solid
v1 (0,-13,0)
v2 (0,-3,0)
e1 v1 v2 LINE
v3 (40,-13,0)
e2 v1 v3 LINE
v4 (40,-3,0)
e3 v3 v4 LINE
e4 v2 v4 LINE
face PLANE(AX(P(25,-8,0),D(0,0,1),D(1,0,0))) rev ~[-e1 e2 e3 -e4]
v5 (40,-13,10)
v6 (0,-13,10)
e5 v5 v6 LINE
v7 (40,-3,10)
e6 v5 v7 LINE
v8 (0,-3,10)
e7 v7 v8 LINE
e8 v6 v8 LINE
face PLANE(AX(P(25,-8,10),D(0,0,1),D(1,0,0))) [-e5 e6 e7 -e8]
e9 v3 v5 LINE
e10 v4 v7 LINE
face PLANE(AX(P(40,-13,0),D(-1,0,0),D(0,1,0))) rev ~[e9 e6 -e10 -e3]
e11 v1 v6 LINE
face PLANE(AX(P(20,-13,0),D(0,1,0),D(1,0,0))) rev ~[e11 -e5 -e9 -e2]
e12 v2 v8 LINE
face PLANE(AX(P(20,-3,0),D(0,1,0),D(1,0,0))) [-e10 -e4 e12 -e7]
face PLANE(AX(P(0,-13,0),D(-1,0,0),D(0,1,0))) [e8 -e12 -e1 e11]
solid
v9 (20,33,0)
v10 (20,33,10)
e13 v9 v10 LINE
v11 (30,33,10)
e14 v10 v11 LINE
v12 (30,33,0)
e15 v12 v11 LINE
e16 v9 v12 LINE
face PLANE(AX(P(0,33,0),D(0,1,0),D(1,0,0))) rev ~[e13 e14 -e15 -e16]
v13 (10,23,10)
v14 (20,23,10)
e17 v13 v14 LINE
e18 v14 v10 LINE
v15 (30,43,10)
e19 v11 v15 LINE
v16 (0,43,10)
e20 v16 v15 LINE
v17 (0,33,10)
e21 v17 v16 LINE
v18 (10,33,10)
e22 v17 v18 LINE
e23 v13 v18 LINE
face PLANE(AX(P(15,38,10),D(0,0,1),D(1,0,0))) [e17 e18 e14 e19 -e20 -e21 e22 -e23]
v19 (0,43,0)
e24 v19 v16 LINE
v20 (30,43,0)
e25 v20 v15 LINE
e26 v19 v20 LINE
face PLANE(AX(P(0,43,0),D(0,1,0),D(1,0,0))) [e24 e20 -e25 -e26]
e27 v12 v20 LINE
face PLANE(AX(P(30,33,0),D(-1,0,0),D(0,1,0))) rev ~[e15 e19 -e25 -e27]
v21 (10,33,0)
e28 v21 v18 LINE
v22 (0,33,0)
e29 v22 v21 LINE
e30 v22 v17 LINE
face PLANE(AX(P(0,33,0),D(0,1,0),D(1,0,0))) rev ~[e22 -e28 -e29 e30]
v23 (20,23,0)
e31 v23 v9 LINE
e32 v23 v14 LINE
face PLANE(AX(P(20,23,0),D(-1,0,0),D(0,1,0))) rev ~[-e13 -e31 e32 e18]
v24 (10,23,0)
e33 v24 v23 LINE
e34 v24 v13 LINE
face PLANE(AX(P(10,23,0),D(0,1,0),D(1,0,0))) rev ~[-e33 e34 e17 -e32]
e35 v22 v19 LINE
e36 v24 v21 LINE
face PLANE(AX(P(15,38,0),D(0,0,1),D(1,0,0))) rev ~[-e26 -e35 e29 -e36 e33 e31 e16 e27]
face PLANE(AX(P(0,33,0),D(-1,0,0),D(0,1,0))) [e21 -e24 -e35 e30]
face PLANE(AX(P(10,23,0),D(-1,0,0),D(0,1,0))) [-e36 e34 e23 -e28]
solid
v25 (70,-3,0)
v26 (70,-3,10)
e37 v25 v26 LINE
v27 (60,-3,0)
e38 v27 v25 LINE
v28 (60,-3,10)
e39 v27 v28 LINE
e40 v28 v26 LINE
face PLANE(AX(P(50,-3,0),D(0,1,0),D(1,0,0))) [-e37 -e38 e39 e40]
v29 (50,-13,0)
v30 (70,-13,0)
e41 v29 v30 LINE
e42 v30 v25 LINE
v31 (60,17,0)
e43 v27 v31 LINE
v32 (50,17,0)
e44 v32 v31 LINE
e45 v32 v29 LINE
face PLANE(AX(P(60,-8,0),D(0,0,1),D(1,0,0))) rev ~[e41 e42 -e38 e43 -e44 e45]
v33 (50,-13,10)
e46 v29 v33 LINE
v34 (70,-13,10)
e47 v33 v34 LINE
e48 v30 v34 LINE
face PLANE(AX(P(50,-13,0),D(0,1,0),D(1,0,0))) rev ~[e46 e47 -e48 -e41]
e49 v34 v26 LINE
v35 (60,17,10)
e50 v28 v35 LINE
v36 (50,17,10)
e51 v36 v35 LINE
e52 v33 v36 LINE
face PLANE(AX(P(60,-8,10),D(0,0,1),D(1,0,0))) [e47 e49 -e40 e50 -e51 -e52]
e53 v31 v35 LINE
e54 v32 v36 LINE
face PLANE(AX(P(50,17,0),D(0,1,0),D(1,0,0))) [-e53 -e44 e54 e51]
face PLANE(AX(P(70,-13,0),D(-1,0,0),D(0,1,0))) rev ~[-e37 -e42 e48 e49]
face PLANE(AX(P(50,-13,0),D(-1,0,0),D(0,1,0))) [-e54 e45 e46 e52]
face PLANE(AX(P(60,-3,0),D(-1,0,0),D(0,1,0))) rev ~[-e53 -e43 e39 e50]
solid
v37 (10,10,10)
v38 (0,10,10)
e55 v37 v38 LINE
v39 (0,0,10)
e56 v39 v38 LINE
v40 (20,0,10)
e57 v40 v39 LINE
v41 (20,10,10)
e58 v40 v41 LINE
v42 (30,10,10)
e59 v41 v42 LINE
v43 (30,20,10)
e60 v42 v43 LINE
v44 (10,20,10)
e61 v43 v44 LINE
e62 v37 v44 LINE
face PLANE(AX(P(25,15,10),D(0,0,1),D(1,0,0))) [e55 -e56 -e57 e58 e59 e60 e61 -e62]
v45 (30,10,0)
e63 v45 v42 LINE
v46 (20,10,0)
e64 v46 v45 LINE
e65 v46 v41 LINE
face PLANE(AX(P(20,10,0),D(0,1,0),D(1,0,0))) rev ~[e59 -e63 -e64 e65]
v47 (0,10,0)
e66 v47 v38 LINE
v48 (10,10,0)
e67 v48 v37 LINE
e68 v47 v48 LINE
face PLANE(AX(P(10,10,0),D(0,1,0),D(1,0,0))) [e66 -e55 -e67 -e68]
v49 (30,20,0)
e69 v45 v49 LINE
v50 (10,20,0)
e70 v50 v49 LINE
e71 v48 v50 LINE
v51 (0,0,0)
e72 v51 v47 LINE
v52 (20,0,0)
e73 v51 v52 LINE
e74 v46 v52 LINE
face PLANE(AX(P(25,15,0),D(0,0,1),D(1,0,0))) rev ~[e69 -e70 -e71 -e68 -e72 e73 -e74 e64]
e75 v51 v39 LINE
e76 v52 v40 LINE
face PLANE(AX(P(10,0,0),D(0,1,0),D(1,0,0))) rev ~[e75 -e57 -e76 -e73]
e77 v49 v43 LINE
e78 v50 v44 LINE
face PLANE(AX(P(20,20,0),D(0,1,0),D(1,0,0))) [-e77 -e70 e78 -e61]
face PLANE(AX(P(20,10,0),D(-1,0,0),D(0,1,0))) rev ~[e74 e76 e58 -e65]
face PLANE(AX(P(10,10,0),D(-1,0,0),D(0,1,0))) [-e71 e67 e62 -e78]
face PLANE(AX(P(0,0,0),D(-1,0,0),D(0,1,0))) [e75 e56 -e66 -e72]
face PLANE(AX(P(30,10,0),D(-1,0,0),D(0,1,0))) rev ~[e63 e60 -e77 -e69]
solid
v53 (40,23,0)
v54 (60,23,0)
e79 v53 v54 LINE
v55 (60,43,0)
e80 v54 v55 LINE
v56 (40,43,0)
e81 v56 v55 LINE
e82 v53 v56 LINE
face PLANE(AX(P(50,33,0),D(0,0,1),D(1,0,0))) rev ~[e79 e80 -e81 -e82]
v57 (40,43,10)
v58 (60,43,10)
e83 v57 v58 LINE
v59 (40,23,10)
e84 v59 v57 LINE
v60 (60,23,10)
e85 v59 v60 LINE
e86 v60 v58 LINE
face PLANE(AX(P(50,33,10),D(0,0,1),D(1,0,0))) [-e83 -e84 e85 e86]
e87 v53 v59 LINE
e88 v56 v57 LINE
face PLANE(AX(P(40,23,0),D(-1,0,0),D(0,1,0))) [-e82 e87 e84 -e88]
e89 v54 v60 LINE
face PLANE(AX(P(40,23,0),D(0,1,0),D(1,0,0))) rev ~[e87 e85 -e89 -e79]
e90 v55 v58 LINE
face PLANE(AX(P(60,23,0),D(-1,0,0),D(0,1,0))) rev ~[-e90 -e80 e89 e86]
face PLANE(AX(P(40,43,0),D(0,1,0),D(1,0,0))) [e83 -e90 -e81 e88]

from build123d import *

# Parameters (mm, degrees)
BOX001_W     = 10
BOX001_H     = 10
BOX001_DEPTH = 10
BOX002_W     = 10
BOX002_H     = 10
BOX002_DEPTH = 10
BOX003_W     = 10
BOX003_H     = 10
BOX003_DEPTH = 10
BOX_W        = 10
BOX_H        = 10
BOX_DEPTH    = 10
BOX004_W     = 10
BOX004_H     = 10
BOX004_DEPTH = 10
BOX005_W     = 10
BOX005_H     = 10
BOX005_DEPTH = 10
BOX006_W     = 10
BOX006_H     = 10
BOX006_DEPTH = 10
BOX007_W     = 10
BOX007_H     = 10
BOX007_DEPTH = 10
BOX008_W     = 20
BOX008_H     = 10
BOX008_DEPTH = 10
BOX009_W     = 10
BOX009_H     = 20
BOX009_DEPTH = 10
BOX010_W     = 20
BOX010_H     = 20
BOX010_DEPTH = 10
BOX011_W     = 30
BOX011_H     = 10
BOX011_DEPTH = 10
BOX012_W     = 10
BOX012_H     = 10
BOX012_DEPTH = 10


with BuildPart() as cubo2:
    # Box001 → Box001 (new body)
    with BuildSketch(Plane(origin=(10, 0, 0), x_dir=(1, 0, 0), z_dir=(0, 0, 1))):
        with Locations((5, 5)):
            Rectangle(BOX001_W, BOX001_H)
    extrude(amount=BOX001_DEPTH)


with BuildPart() as cubo3:
    # Box002 → Box002 (new body)
    with BuildSketch(Plane(origin=(10, 10, 0), x_dir=(1, 0, 0), z_dir=(0, 0, 1))):
        with Locations((5, 5)):
            Rectangle(BOX002_W, BOX002_H)
    extrude(amount=BOX002_DEPTH)


with BuildPart() as cubo4:
    # Box003 → Box003 (new body)
    with BuildSketch(Plane(origin=(20, 10, 0), x_dir=(1, 0, 0), z_dir=(0, 0, 1))):
        with Locations((5, 5)):
            Rectangle(BOX003_W, BOX003_H)
    extrude(amount=BOX003_DEPTH)


with BuildPart() as pieza1:
    # Box → Box (new body)
    with BuildSketch(Plane.XY):
        with Locations((5, 5)):
            Rectangle(BOX_W, BOX_H)
    extrude(amount=BOX_DEPTH)

    # Fusion: union cubo2, cubo3, cubo4
    add(cubo2.part)
    add(cubo3.part)
    add(cubo4.part)


with BuildPart() as cube:
    # Box004 → Box004 (new body)
    with BuildSketch(Plane(origin=(0, -13, 0), x_dir=(1, 0, 0), z_dir=(0, 0, 1))):
        with Locations((5, 5)):
            Rectangle(BOX004_W, BOX004_H)
    extrude(amount=BOX004_DEPTH)


with BuildPart() as cube001:
    # Box005 → Box005 (new body)
    with BuildSketch(Plane(origin=(10, -13, 0), x_dir=(1, 0, 0), z_dir=(0, 0, 1))):
        with Locations((5, 5)):
            Rectangle(BOX005_W, BOX005_H)
    extrude(amount=BOX005_DEPTH)


with BuildPart() as cube002:
    # Box006 → Box006 (new body)
    with BuildSketch(Plane(origin=(20, -13, 0), x_dir=(1, 0, 0), z_dir=(0, 0, 1))):
        with Locations((5, 5)):
            Rectangle(BOX006_W, BOX006_H)
    extrude(amount=BOX006_DEPTH)


with BuildPart() as fusion001:
    # Box007 → Box007 (new body)
    with BuildSketch(Plane(origin=(30, -13, 0), x_dir=(1, 0, 0), z_dir=(0, 0, 1))):
        with Locations((5, 5)):
            Rectangle(BOX007_W, BOX007_H)
    extrude(amount=BOX007_DEPTH)

    # Fusion001: union Cube, Cube001, Cube002
    add(cube.part)
    add(cube001.part)
    add(cube002.part)


with BuildPart() as cube004:
    # Box008 → Box008 (new body)
    with BuildSketch(Plane(origin=(50, -13, 0), x_dir=(1, 0, 0), z_dir=(0, 0, 1))):
        with Locations((10, 5)):
            Rectangle(BOX008_W, BOX008_H)
    extrude(amount=BOX008_DEPTH)


with BuildPart() as pieza3:
    # Box009 → Box009 (new body)
    with BuildSketch(Plane(origin=(50, -3, 0), x_dir=(1, 0, 0), z_dir=(0, 0, 1))):
        with Locations((5, 10)):
            Rectangle(BOX009_W, BOX009_H)
    extrude(amount=BOX009_DEPTH)

    # Fusion002: union Cube004
    add(cube004.part)


with BuildPart() as pieza4:
    # Box010 → Box010 (new body)
    with BuildSketch(Plane(origin=(40, 23, 0), x_dir=(1, 0, 0), z_dir=(0, 0, 1))):
        with Locations((10, 10)):
            Rectangle(BOX010_W, BOX010_H)
    extrude(amount=BOX010_DEPTH)


with BuildPart() as cube006:
    # Box011 → Box011 (new body)
    with BuildSketch(Plane(origin=(0, 33, 0), x_dir=(1, 0, 0), z_dir=(0, 0, 1))):
        with Locations((15, 5)):
            Rectangle(BOX011_W, BOX011_H)
    extrude(amount=BOX011_DEPTH)


with BuildPart() as pieza5:
    # Box012 → Box012 (new body)
    with BuildSketch(Plane(origin=(10, 23, 0), x_dir=(1, 0, 0), z_dir=(0, 0, 1))):
        with Locations((5, 5)):
            Rectangle(BOX012_W, BOX012_H)
    extrude(amount=BOX012_DEPTH)

    # Fusion003: union Cube006
    add(cube006.part)


solid = Compound([pieza1.part, fusion001.part, pieza3.part, pieza4.part, pieza5.part])
